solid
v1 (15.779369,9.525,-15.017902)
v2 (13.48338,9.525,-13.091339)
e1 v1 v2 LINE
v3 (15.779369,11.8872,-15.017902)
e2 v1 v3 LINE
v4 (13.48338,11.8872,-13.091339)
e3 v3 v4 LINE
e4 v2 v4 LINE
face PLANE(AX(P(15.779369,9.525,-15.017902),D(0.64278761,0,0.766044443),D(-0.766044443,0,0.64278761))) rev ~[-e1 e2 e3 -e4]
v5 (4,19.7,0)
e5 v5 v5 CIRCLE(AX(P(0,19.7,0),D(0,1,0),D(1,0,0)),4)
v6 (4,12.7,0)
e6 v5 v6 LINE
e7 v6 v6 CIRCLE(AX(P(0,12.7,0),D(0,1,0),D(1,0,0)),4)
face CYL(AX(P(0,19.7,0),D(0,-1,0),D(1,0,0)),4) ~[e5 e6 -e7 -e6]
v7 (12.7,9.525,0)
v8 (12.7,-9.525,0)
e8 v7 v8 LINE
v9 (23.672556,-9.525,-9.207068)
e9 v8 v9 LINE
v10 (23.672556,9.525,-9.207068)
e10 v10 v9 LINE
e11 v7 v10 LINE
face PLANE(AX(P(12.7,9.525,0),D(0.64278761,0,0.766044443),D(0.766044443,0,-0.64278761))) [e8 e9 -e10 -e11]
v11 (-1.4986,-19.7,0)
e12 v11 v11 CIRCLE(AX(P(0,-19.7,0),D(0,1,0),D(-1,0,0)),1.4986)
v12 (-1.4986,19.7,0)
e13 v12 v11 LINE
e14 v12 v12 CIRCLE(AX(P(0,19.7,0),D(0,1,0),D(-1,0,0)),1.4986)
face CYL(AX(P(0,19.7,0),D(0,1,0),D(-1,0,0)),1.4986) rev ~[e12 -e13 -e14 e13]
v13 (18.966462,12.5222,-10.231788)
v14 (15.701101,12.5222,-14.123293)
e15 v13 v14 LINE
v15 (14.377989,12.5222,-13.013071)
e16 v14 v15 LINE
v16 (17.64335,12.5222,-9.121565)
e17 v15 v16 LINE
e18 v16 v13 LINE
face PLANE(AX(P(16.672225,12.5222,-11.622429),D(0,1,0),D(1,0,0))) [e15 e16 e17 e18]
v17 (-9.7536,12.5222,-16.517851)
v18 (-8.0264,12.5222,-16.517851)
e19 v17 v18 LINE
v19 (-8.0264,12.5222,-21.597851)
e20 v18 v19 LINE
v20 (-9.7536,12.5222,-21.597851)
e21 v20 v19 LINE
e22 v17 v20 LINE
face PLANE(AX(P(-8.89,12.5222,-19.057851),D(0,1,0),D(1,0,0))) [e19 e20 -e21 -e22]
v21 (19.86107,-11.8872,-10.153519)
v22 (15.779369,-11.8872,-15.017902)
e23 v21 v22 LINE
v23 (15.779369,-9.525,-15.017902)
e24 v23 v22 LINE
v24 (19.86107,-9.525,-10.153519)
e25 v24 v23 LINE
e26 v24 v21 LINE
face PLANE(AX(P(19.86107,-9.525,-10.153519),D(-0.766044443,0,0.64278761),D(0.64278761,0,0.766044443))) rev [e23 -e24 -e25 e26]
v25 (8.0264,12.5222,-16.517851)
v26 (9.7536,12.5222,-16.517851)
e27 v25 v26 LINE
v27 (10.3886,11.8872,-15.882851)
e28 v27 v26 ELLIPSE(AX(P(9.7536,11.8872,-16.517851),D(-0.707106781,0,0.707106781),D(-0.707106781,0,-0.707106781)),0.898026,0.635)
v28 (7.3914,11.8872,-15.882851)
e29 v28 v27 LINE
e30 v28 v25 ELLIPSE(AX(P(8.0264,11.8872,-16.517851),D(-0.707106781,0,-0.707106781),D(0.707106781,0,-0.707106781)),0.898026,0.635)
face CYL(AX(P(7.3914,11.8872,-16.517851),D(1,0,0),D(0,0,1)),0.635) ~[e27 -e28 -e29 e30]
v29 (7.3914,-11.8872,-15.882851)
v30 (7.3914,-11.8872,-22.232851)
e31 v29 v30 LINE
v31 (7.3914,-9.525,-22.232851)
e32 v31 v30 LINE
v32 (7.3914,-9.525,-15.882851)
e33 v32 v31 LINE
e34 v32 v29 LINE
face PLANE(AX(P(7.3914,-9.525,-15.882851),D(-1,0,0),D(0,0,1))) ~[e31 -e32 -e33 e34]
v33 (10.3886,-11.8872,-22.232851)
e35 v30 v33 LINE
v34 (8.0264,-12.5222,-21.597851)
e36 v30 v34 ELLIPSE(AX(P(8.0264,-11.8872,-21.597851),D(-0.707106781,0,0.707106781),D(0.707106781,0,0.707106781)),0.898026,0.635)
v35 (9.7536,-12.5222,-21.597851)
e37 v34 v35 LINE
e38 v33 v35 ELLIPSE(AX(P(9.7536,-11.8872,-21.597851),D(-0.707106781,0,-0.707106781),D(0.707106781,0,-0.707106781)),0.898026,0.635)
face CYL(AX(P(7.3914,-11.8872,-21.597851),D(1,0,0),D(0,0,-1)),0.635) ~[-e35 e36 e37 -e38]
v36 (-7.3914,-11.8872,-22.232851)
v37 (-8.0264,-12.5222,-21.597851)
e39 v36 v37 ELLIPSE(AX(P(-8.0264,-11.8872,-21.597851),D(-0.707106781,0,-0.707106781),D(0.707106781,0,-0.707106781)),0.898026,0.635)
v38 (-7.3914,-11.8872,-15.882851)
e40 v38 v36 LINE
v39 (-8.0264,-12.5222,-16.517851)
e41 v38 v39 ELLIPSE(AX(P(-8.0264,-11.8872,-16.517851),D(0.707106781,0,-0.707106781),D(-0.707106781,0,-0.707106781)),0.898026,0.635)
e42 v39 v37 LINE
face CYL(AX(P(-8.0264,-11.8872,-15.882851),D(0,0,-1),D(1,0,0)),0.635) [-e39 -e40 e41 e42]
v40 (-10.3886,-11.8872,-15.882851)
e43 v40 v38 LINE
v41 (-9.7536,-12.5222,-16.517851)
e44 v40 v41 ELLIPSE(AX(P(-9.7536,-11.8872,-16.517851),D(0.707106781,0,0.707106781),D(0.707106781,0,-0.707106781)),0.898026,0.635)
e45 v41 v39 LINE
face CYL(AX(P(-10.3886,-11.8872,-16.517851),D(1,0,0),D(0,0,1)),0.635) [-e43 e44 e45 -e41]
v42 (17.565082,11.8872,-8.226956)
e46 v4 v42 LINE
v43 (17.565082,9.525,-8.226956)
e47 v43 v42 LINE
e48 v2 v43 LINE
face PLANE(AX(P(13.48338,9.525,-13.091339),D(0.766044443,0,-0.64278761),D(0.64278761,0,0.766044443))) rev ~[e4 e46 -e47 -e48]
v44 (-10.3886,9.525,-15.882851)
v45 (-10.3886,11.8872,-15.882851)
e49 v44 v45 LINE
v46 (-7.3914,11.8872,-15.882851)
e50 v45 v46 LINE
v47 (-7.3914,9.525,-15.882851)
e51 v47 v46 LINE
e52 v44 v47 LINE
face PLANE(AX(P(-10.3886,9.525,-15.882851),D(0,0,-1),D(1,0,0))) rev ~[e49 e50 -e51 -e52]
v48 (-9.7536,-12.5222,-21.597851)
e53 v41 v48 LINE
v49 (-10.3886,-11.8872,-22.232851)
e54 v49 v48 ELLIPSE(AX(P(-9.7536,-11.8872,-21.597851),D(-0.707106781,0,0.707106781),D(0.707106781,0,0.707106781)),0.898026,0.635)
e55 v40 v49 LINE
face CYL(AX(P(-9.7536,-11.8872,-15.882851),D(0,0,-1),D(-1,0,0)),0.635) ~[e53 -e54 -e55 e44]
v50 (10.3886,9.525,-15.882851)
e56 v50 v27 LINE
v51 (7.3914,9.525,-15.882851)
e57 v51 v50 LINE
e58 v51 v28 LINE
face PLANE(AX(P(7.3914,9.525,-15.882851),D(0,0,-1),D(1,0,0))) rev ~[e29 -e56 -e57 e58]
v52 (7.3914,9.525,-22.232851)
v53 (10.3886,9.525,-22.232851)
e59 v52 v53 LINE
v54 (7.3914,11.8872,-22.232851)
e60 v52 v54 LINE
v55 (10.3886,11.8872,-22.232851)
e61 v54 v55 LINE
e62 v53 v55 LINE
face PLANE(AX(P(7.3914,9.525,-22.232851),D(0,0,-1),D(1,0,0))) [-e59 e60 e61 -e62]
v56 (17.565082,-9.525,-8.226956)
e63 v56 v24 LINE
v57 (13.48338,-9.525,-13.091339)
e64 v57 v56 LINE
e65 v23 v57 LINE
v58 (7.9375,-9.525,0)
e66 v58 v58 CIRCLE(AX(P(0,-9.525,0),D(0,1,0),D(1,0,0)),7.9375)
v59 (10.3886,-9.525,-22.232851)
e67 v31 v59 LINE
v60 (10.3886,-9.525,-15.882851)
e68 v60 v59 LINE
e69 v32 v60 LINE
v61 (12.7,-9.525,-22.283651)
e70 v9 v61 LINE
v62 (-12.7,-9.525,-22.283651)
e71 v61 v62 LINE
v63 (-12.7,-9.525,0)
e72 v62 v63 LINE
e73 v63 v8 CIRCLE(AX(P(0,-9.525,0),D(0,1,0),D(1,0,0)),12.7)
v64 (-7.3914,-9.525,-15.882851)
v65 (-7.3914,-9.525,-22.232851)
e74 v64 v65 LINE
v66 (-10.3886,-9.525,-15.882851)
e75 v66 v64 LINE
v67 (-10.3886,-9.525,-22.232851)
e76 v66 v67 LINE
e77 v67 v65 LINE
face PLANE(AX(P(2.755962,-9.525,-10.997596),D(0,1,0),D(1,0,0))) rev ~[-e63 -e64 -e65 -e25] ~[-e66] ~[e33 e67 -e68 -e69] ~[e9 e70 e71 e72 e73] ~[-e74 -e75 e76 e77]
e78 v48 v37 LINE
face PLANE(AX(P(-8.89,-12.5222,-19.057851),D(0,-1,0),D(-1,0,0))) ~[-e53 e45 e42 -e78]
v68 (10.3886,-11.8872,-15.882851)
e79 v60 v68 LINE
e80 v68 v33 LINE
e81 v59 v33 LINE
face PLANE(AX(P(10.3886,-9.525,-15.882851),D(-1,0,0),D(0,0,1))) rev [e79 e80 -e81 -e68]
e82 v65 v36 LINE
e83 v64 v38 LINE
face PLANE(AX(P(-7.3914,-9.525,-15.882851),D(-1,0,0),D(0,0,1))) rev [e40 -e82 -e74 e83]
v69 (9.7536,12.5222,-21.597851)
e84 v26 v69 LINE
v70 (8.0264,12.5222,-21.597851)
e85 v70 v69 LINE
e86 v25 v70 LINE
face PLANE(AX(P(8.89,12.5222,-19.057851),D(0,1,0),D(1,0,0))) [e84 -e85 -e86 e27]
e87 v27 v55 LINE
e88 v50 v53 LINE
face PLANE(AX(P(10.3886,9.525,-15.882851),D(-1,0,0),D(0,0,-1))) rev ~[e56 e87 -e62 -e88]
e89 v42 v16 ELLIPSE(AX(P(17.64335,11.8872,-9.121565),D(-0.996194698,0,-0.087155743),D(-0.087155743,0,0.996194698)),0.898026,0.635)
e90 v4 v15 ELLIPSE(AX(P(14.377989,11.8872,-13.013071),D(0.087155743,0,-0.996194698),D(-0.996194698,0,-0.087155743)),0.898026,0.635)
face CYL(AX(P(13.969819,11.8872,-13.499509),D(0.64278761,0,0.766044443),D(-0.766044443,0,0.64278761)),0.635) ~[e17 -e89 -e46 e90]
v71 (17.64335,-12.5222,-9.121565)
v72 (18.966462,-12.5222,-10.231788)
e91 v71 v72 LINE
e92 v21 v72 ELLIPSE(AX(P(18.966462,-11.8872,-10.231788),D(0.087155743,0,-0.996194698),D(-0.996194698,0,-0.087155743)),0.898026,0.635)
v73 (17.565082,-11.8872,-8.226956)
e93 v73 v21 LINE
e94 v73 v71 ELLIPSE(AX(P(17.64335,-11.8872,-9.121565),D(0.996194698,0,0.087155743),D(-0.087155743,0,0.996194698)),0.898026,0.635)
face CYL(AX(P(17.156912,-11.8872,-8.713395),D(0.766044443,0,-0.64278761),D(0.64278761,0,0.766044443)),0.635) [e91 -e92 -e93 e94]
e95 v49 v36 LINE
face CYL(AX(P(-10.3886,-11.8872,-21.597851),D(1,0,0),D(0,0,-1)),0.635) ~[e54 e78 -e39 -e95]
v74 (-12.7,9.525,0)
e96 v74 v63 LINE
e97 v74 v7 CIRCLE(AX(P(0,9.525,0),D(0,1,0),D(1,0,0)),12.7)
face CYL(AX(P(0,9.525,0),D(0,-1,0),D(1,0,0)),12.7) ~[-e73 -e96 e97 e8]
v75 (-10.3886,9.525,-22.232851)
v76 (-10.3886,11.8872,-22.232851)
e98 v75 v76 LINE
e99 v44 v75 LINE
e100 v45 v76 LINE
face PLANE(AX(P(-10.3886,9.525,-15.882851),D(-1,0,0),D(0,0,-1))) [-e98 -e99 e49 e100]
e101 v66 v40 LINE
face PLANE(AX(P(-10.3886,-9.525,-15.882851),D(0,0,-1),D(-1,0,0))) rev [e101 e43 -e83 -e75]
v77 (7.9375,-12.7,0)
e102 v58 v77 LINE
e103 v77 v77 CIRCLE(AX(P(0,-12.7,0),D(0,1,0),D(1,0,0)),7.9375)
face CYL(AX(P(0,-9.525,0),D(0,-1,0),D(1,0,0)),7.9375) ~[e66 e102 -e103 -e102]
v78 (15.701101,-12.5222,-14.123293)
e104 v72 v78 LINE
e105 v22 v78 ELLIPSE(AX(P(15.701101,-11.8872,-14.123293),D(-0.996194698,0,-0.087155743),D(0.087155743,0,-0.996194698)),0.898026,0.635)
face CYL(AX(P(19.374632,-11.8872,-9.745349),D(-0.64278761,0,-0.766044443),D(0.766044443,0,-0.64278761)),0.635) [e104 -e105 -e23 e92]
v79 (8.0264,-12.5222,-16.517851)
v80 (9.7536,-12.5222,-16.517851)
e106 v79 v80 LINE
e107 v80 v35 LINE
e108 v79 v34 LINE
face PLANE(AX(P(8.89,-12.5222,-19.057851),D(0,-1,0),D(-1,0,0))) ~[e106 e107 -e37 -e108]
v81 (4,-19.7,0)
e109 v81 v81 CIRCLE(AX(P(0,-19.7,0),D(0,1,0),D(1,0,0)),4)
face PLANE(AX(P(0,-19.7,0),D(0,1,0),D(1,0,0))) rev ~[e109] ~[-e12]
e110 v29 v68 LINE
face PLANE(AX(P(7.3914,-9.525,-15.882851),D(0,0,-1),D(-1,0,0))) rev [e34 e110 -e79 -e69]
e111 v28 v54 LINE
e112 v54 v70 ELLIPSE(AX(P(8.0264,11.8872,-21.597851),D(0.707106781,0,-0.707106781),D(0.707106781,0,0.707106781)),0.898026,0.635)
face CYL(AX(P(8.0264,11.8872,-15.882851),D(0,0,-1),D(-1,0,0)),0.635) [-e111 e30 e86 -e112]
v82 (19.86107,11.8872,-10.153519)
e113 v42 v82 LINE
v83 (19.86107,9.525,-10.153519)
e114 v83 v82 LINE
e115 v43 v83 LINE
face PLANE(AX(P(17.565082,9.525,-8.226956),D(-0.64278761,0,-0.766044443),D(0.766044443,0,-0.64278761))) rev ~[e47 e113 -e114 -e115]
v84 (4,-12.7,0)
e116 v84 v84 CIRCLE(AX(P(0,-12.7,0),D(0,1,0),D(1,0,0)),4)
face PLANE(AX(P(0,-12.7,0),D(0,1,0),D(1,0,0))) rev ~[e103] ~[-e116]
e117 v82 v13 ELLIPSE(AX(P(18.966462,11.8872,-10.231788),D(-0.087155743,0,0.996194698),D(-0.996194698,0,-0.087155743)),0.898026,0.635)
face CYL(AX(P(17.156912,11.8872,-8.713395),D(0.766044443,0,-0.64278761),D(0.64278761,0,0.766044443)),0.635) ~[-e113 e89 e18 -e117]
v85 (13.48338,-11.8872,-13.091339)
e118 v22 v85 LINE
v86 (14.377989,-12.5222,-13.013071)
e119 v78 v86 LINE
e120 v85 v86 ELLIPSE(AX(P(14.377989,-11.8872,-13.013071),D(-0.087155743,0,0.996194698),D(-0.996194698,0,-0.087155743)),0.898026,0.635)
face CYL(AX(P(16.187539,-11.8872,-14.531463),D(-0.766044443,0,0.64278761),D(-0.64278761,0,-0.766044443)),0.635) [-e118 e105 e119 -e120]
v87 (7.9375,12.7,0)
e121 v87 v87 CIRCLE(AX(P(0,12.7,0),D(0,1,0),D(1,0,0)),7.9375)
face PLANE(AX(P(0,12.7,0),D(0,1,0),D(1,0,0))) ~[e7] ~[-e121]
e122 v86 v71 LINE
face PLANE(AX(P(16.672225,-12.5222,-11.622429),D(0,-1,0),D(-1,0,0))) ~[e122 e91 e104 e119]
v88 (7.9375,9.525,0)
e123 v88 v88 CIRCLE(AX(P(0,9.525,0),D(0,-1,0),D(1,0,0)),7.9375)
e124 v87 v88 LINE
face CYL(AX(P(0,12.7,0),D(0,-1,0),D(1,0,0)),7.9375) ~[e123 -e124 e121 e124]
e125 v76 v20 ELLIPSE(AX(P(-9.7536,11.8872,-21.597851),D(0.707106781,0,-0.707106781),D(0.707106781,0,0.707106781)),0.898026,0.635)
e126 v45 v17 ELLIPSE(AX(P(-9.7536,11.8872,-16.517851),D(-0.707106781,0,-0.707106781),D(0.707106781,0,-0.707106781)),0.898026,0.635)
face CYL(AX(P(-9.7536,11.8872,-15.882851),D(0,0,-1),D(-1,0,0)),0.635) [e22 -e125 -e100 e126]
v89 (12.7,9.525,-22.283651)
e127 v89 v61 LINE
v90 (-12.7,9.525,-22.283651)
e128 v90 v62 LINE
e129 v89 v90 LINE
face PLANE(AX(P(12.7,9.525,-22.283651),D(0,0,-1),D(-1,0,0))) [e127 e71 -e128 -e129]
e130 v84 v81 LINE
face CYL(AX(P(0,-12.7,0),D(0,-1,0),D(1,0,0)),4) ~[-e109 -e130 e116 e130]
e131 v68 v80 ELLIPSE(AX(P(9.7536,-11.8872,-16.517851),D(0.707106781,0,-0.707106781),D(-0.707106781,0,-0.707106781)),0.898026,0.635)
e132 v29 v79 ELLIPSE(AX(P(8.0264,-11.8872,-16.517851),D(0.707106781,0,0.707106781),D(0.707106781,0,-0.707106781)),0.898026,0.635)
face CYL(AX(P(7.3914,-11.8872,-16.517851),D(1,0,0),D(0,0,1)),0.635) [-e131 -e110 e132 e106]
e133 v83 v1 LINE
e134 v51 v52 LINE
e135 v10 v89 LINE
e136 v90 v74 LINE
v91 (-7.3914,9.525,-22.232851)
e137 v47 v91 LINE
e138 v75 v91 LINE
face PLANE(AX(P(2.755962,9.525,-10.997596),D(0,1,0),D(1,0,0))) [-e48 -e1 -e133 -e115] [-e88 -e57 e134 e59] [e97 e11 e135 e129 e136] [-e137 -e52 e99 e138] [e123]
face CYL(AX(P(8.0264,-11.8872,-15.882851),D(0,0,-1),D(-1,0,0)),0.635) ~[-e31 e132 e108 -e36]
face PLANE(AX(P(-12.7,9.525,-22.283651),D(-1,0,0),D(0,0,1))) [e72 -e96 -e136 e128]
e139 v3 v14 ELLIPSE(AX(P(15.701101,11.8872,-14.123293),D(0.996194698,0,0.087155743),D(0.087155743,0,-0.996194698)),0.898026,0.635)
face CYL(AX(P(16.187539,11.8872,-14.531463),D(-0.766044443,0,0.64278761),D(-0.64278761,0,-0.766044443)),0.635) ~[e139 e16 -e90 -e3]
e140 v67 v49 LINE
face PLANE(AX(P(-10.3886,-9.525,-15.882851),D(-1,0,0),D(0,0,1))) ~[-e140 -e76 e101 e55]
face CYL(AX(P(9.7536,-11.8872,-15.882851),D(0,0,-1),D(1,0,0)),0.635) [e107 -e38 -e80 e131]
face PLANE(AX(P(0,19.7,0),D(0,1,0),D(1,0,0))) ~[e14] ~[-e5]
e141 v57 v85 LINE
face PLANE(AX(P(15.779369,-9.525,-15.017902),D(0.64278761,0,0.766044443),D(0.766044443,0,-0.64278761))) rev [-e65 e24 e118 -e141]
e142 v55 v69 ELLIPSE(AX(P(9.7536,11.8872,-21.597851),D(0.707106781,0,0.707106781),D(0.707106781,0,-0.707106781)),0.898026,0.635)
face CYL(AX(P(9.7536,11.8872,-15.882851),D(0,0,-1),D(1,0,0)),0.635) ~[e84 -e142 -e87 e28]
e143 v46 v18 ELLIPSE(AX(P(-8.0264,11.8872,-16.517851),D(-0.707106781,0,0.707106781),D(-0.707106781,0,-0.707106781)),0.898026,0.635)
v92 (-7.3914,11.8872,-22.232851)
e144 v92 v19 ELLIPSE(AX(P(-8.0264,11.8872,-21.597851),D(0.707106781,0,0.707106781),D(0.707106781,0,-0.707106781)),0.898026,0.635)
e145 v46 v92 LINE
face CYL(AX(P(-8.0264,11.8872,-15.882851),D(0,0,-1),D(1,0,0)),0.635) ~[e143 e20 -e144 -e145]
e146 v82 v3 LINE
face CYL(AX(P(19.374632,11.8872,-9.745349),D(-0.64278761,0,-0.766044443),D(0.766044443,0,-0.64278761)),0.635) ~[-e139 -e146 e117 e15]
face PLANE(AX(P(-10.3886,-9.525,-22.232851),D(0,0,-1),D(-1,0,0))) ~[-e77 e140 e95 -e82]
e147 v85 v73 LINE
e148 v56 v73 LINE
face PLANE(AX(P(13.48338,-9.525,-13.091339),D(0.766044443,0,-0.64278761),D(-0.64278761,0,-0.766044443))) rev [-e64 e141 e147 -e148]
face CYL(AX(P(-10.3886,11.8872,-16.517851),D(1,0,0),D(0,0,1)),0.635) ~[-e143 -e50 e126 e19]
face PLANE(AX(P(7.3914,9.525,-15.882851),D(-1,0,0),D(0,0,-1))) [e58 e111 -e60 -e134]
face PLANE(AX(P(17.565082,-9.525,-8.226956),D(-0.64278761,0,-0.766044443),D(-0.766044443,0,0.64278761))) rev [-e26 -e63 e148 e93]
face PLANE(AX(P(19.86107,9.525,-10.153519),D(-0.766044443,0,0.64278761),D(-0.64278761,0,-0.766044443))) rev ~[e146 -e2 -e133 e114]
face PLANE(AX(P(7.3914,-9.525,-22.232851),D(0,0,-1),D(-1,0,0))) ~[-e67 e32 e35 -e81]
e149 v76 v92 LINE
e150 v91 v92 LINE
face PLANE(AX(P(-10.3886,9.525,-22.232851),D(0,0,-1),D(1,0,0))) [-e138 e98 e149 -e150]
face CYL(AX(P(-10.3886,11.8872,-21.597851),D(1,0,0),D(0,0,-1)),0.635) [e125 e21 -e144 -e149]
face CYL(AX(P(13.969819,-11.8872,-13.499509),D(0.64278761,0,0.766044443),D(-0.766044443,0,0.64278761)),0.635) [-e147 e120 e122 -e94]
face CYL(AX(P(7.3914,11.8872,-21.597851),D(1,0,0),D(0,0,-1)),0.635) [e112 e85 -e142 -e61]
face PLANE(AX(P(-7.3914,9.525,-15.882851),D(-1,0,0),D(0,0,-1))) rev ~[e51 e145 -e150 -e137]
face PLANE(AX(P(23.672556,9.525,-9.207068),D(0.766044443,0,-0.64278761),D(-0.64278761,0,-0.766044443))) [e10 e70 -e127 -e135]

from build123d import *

# Parameters (mm, degrees)
BOSS_EXTRUDE1_DEPTH  = 19.05
SKETCH3_R            = 1.4986
CUT_EXTRUDE1_DEPTH   = 52.081415314
BOSS_EXTRUDE2_DEPTH  = 2.9972
SKETCH5_W            = 2.9972
SKETCH5_H            = 6.35
BOSS_EXTRUDE3_DEPTH  = 2.9972
FILLET1_R            = 0.635
FILLET1_OF_MIRROR1_R = 0.635


with BuildPart() as part:
    # Sketch1 → Revolve1 (revolve)
    with BuildSketch(Plane.XY, mode=Mode.PRIVATE) as revolve1_sk:
        Polygon((-4, -19.7), (0, -19.7), (0, 19.7), (-4, 19.7), (-4, 12.7), (-7.9375, 12.7), (-7.9375, 9.525), (-12.7, 9.525), (-12.7, -9.525), (-7.9375, -9.525), (-7.9375, -12.7), (-4, -12.7), align=None)
    revolve(revolve1_sk.sketch.rotate(Axis((0, 0, 0), (0, 1, 0)), 180), axis=Axis((0, 0, 0), (0, 1, 0)))

    # Sketch2 → Boss-Extrude1 (add)
    with BuildSketch(Plane(origin=(0, 9.525, 0), x_dir=(1, 0, 0), z_dir=(0, 1, 0))):
        Polygon((12.7, 0), (23.672555951, 9.207067652), (12.7, 22.283650626), (-12.7, 22.283650626), (-12.7, 0), align=None)
    extrude(amount=-BOSS_EXTRUDE1_DEPTH)

    # Sketch3 → Cut-Extrude1 (cut, through all)
    with BuildSketch(Plane(origin=(0, 19.7, 0), x_dir=(1, 0, 0), z_dir=(0, 1, 0))):
        with Locations(Location((0, 0, 0), (0, 0, 180))):
            Circle(SKETCH3_R)
    extrude(amount=-CUT_EXTRUDE1_DEPTH, mode=Mode.SUBTRACT)

    # Sketch4 → Boss-Extrude2 (add)
    with BuildSketch(Plane(origin=(0, 9.525, 0), x_dir=(1, 0, 0), z_dir=(0, 1, 0))):
        Polygon((15.779368843, 15.017901691), (13.483380438, 13.091338668), (17.56508176, 8.226956454), (19.861070165, 10.153519478), align=None)
    boss_extrude2 = extrude(amount=BOSS_EXTRUDE2_DEPTH)

    # Sketch5 → Boss-Extrude3 (add)
    with BuildSketch(Plane(origin=(0, 9.525, 0), x_dir=(1, 0, 0), z_dir=(0, 1, 0))):
        with Locations((-8.89, 19.057850626)):
            Rectangle(SKETCH5_W, SKETCH5_H)
        with Locations((8.89, 19.057850626)):
            Rectangle(SKETCH5_W, SKETCH5_H)
    boss_extrude3 = extrude(amount=BOSS_EXTRUDE3_DEPTH)

    # Fillet1
    fillet1_edges = [part.edges().sort_by_distance(p)[0] for p in [
        (-7.3914, 12.5222, -19.057850626),
        (-8.89, 12.5222, -22.232850626),
        (-10.3886, 12.5222, -19.057850626),
        (-8.89, 12.5222, -15.882850626),
        (10.3886, 12.5222, -19.057850626),
        (8.89, 12.5222, -22.232850626),
        (7.3914, 12.5222, -19.057850626),
        (8.89, 12.5222, -15.882850626),
        (17.820219504, 12.5222, -12.585710584),
        (14.631374641, 12.5222, -14.054620179),
        (15.524231099, 12.5222, -10.659147561),
        (18.713075962, 12.5222, -9.190237966),
    ]]
    fillet(fillet1_edges, radius=FILLET1_R)

    # Mirror1: Boss-Extrude2, Boss-Extrude3 across plane
    add(boss_extrude2.mirror(Plane.ZX))
    add(boss_extrude3.mirror(Plane.ZX))

    # Fillet1 of Mirror1
    fillet1_of_mirror1_edges = [part.edges().sort_by_distance(p)[0] for p in [
        (-7.3914, -12.5222, -19.057850626),
        (-8.89, -12.5222, -22.232850626),
        (-10.3886, -12.5222, -19.057850626),
        (-8.89, -12.5222, -15.882850626),
        (10.3886, -12.5222, -19.057850626),
        (8.89, -12.5222, -22.232850626),
        (7.3914, -12.5222, -19.057850626),
        (8.89, -12.5222, -15.882850626),
        (17.820219504, -12.5222, -12.585710584),
        (14.631374641, -12.5222, -14.054620179),
        (15.524231099, -12.5222, -10.659147561),
        (18.713075962, -12.5222, -9.190237966),
    ]]
    fillet(fillet1_of_mirror1_edges, radius=FILLET1_OF_MIRROR1_R)


solid = part.part
